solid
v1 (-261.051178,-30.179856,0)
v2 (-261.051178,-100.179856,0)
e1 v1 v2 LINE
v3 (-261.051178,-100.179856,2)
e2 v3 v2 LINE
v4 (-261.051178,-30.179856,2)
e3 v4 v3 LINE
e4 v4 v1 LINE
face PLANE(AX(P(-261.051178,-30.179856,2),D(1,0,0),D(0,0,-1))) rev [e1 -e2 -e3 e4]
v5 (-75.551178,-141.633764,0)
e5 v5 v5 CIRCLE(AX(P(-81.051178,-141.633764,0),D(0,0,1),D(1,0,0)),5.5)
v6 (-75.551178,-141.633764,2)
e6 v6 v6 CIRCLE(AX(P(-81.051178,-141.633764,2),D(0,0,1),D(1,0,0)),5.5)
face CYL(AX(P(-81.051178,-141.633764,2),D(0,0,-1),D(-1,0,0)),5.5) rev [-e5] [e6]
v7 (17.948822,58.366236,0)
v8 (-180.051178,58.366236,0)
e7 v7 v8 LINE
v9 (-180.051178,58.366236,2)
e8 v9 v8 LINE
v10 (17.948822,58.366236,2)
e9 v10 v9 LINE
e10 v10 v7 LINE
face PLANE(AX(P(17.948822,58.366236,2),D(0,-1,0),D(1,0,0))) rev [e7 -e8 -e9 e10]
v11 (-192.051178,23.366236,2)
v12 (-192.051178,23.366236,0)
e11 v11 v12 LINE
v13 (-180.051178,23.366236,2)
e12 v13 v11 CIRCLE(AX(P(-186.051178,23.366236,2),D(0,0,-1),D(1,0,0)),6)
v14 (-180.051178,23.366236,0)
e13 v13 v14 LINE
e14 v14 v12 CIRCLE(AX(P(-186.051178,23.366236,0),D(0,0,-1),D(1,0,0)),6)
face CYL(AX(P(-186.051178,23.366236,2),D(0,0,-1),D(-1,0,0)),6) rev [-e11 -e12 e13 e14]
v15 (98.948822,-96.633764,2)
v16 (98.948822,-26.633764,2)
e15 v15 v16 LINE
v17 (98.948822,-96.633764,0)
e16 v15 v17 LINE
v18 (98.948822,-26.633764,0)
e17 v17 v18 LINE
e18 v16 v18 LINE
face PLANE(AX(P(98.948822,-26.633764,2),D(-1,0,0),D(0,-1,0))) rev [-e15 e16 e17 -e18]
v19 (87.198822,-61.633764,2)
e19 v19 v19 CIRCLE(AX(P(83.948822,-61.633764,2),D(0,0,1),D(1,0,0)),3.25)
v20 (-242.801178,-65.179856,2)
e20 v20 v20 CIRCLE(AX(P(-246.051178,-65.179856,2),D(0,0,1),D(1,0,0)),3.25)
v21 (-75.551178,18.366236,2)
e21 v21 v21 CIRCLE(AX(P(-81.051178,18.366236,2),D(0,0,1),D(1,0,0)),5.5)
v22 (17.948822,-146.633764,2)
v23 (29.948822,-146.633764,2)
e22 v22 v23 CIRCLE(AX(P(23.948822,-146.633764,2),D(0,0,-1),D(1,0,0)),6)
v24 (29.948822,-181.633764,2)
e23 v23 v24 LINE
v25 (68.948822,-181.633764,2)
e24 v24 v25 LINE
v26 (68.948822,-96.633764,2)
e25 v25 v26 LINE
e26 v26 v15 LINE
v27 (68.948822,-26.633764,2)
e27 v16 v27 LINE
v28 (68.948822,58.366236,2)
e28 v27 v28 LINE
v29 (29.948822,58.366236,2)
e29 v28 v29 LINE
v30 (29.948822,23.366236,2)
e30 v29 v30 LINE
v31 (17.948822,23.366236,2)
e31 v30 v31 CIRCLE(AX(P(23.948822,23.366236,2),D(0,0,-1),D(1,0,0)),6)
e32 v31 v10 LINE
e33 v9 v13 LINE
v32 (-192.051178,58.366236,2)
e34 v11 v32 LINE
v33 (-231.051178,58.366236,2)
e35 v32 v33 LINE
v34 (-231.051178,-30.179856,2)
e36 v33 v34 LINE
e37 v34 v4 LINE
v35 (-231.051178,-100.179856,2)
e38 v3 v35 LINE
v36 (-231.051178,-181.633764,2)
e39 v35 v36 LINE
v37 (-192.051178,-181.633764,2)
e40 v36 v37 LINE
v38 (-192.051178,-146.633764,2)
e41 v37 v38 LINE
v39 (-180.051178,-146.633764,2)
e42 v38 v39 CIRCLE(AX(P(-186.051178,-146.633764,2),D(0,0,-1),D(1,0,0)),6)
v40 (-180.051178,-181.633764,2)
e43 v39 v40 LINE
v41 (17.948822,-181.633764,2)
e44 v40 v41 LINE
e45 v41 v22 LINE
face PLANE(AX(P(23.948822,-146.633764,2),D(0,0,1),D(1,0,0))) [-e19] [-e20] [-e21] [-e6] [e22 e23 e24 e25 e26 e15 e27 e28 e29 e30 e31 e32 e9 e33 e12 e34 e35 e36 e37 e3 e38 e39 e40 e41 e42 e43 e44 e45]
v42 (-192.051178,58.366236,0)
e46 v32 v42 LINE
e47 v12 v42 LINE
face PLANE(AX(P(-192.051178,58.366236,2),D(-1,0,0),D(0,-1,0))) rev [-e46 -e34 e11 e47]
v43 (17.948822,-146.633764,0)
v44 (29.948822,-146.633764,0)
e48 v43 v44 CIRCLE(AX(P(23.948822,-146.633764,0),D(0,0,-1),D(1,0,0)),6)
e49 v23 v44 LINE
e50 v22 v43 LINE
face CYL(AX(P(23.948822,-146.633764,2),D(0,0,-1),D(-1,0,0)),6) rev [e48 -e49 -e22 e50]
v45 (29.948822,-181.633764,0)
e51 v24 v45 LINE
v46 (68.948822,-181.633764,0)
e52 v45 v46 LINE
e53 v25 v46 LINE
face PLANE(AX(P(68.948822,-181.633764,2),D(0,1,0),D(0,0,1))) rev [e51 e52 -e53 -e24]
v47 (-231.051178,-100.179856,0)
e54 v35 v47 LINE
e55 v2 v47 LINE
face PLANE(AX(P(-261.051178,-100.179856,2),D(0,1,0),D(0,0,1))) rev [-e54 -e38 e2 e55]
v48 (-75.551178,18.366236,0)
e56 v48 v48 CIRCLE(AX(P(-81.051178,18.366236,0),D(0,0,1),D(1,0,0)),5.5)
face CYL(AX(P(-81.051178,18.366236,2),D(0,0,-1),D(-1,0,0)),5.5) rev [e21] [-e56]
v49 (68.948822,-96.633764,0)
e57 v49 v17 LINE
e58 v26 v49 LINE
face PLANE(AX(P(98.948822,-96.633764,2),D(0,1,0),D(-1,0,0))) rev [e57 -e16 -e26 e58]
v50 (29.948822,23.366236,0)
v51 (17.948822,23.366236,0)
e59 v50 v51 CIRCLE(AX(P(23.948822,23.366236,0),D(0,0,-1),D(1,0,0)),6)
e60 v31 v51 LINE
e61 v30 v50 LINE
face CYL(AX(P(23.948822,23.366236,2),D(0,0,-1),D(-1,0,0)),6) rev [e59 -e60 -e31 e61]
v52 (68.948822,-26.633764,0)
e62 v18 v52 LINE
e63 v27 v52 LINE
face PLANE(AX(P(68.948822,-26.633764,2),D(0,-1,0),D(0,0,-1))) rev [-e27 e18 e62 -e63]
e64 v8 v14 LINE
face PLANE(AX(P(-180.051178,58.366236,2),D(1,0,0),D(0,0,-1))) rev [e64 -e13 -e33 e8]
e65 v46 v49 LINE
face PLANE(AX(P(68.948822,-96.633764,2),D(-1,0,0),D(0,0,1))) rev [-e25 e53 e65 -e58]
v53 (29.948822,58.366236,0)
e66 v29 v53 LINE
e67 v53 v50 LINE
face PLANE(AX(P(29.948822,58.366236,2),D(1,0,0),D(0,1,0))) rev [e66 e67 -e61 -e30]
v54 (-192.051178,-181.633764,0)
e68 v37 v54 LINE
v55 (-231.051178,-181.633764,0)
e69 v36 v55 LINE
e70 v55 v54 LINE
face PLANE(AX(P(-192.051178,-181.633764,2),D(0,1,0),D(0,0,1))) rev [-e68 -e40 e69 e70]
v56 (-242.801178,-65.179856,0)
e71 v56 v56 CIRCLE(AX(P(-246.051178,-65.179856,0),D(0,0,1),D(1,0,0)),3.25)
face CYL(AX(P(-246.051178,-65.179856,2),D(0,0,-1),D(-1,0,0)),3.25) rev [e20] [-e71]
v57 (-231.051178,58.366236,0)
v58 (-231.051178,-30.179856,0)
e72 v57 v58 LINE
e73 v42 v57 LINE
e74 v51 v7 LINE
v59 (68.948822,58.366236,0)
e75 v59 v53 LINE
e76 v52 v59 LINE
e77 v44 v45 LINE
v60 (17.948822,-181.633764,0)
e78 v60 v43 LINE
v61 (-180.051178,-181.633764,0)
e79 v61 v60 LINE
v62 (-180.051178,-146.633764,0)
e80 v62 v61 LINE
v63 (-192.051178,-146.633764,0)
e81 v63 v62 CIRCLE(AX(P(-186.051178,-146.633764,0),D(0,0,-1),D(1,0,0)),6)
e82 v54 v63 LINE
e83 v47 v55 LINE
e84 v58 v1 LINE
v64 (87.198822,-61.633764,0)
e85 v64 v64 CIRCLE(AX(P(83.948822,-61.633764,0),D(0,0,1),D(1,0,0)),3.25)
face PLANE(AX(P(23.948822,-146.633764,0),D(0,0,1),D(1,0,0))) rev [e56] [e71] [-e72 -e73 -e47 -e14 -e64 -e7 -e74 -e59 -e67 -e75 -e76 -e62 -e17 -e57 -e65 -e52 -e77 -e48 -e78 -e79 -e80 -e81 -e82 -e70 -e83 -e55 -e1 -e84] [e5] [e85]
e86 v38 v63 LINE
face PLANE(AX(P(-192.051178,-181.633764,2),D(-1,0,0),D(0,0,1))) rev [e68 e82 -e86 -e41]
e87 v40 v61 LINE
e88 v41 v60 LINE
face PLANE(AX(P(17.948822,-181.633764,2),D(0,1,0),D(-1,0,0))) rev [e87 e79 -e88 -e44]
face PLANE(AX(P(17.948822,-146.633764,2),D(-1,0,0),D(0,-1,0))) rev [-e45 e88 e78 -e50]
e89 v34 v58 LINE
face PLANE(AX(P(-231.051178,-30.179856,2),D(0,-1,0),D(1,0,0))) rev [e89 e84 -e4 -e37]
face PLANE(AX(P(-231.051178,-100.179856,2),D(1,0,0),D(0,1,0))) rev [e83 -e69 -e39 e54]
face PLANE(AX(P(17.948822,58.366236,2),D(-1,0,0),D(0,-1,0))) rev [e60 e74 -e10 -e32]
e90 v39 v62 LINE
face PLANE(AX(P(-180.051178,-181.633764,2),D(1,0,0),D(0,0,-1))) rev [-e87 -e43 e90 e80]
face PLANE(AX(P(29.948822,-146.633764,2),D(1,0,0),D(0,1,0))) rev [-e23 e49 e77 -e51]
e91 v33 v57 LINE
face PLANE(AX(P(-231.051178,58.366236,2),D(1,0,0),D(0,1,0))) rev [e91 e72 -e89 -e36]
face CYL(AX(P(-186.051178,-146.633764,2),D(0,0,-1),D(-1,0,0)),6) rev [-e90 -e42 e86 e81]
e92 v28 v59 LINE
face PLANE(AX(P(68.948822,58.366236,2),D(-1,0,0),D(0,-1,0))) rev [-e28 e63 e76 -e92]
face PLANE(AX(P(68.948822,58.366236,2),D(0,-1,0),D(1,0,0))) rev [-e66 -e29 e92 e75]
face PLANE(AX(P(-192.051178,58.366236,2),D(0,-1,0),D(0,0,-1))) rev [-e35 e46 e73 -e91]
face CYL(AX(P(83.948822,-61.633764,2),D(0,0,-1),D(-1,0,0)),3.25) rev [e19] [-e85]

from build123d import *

# Parameters (mm, degrees)
SKETCH1_R           = 5.5
SKETCH1_R_2         = 3.25
BOSS_EXTRUDE1_DEPTH = 2


with BuildPart() as part:
    # Sketch1 → Boss-Extrude1 (new body)
    with BuildSketch(Plane.XY):
        with BuildLine():
            Line((68.948821818, -26.633764286), (98.948821818, -26.633764286))
            Line((98.948821818, -26.633764286), (98.948821818, -96.633764286))
            Line((98.948821818, -96.633764286), (68.948821818, -96.633764286))
            Line((68.948821818, -96.633764286), (68.948821818, -181.633764286))
            Line((68.948821818, -181.633764286), (29.948821818, -181.633764286))
            Line((29.948821818, -181.633764286), (29.948821818, -146.633764286))
            ThreePointArc((29.948821818, -146.633764286), (23.948821818, -140.633764286), (17.948821818, -146.633764286))
            Line((17.948821818, -146.633764286), (17.948821818, -181.633764286))
            Line((17.948821818, -181.633764286), (-180.051178182, -181.633764286))
            Line((-180.051178182, -181.633764286), (-180.051178182, -146.633764286))
            ThreePointArc((-180.051178182, -146.633764286), (-186.051178182, -140.633764286), (-192.051178182, -146.633764286))
            Line((-192.051178182, -146.633764286), (-192.051178182, -181.633764286))
            Line((-192.051178182, -181.633764286), (-231.051178182, -181.633764286))
            Line((-231.051178182, -181.633764286), (-231.051178182, -100.179856115))
            Line((-231.051178182, -100.179856115), (-261.051178182, -100.179856115))
            Line((-261.051178182, -100.179856115), (-261.051178182, -30.179856115))
            Line((-261.051178182, -30.179856115), (-231.051178182, -30.179856115))
            Line((-231.051178182, -30.179856115), (-231.051178182, 58.366235714))
            Line((-231.051178182, 58.366235714), (-192.051178182, 58.366235714))
            Line((-192.051178182, 58.366235714), (-192.051178182, 23.366235714))
            ThreePointArc((-192.051178182, 23.366235714), (-186.051178182, 17.366235714), (-180.051178182, 23.366235714))
            Line((-180.051178182, 23.366235714), (-180.051178182, 58.366235714))
            Line((-180.051178182, 58.366235714), (17.948821818, 58.366235714))
            Line((17.948821818, 58.366235714), (17.948821818, 23.366235714))
            ThreePointArc((17.948821818, 23.366235714), (23.948821818, 17.366235714), (29.948821818, 23.366235714))
            Line((29.948821818, 23.366235714), (29.948821818, 58.366235714))
            Line((29.948821818, 58.366235714), (68.948821818, 58.366235714))
            Line((68.948821818, 58.366235714), (68.948821818, -26.633764286))
        make_face()
        with Locations((-81.051178182, -141.633764286)):
            Circle(SKETCH1_R, mode=Mode.SUBTRACT)
        with Locations((-81.051178182, 18.366235714)):
            Circle(SKETCH1_R, mode=Mode.SUBTRACT)
        with Locations((83.948821818, -61.633764286)):
            Circle(SKETCH1_R_2, mode=Mode.SUBTRACT)
        with Locations((-246.051178182, -65.179856115)):
            Circle(SKETCH1_R_2, mode=Mode.SUBTRACT)
    extrude(amount=BOSS_EXTRUDE1_DEPTH)


solid = part.part
